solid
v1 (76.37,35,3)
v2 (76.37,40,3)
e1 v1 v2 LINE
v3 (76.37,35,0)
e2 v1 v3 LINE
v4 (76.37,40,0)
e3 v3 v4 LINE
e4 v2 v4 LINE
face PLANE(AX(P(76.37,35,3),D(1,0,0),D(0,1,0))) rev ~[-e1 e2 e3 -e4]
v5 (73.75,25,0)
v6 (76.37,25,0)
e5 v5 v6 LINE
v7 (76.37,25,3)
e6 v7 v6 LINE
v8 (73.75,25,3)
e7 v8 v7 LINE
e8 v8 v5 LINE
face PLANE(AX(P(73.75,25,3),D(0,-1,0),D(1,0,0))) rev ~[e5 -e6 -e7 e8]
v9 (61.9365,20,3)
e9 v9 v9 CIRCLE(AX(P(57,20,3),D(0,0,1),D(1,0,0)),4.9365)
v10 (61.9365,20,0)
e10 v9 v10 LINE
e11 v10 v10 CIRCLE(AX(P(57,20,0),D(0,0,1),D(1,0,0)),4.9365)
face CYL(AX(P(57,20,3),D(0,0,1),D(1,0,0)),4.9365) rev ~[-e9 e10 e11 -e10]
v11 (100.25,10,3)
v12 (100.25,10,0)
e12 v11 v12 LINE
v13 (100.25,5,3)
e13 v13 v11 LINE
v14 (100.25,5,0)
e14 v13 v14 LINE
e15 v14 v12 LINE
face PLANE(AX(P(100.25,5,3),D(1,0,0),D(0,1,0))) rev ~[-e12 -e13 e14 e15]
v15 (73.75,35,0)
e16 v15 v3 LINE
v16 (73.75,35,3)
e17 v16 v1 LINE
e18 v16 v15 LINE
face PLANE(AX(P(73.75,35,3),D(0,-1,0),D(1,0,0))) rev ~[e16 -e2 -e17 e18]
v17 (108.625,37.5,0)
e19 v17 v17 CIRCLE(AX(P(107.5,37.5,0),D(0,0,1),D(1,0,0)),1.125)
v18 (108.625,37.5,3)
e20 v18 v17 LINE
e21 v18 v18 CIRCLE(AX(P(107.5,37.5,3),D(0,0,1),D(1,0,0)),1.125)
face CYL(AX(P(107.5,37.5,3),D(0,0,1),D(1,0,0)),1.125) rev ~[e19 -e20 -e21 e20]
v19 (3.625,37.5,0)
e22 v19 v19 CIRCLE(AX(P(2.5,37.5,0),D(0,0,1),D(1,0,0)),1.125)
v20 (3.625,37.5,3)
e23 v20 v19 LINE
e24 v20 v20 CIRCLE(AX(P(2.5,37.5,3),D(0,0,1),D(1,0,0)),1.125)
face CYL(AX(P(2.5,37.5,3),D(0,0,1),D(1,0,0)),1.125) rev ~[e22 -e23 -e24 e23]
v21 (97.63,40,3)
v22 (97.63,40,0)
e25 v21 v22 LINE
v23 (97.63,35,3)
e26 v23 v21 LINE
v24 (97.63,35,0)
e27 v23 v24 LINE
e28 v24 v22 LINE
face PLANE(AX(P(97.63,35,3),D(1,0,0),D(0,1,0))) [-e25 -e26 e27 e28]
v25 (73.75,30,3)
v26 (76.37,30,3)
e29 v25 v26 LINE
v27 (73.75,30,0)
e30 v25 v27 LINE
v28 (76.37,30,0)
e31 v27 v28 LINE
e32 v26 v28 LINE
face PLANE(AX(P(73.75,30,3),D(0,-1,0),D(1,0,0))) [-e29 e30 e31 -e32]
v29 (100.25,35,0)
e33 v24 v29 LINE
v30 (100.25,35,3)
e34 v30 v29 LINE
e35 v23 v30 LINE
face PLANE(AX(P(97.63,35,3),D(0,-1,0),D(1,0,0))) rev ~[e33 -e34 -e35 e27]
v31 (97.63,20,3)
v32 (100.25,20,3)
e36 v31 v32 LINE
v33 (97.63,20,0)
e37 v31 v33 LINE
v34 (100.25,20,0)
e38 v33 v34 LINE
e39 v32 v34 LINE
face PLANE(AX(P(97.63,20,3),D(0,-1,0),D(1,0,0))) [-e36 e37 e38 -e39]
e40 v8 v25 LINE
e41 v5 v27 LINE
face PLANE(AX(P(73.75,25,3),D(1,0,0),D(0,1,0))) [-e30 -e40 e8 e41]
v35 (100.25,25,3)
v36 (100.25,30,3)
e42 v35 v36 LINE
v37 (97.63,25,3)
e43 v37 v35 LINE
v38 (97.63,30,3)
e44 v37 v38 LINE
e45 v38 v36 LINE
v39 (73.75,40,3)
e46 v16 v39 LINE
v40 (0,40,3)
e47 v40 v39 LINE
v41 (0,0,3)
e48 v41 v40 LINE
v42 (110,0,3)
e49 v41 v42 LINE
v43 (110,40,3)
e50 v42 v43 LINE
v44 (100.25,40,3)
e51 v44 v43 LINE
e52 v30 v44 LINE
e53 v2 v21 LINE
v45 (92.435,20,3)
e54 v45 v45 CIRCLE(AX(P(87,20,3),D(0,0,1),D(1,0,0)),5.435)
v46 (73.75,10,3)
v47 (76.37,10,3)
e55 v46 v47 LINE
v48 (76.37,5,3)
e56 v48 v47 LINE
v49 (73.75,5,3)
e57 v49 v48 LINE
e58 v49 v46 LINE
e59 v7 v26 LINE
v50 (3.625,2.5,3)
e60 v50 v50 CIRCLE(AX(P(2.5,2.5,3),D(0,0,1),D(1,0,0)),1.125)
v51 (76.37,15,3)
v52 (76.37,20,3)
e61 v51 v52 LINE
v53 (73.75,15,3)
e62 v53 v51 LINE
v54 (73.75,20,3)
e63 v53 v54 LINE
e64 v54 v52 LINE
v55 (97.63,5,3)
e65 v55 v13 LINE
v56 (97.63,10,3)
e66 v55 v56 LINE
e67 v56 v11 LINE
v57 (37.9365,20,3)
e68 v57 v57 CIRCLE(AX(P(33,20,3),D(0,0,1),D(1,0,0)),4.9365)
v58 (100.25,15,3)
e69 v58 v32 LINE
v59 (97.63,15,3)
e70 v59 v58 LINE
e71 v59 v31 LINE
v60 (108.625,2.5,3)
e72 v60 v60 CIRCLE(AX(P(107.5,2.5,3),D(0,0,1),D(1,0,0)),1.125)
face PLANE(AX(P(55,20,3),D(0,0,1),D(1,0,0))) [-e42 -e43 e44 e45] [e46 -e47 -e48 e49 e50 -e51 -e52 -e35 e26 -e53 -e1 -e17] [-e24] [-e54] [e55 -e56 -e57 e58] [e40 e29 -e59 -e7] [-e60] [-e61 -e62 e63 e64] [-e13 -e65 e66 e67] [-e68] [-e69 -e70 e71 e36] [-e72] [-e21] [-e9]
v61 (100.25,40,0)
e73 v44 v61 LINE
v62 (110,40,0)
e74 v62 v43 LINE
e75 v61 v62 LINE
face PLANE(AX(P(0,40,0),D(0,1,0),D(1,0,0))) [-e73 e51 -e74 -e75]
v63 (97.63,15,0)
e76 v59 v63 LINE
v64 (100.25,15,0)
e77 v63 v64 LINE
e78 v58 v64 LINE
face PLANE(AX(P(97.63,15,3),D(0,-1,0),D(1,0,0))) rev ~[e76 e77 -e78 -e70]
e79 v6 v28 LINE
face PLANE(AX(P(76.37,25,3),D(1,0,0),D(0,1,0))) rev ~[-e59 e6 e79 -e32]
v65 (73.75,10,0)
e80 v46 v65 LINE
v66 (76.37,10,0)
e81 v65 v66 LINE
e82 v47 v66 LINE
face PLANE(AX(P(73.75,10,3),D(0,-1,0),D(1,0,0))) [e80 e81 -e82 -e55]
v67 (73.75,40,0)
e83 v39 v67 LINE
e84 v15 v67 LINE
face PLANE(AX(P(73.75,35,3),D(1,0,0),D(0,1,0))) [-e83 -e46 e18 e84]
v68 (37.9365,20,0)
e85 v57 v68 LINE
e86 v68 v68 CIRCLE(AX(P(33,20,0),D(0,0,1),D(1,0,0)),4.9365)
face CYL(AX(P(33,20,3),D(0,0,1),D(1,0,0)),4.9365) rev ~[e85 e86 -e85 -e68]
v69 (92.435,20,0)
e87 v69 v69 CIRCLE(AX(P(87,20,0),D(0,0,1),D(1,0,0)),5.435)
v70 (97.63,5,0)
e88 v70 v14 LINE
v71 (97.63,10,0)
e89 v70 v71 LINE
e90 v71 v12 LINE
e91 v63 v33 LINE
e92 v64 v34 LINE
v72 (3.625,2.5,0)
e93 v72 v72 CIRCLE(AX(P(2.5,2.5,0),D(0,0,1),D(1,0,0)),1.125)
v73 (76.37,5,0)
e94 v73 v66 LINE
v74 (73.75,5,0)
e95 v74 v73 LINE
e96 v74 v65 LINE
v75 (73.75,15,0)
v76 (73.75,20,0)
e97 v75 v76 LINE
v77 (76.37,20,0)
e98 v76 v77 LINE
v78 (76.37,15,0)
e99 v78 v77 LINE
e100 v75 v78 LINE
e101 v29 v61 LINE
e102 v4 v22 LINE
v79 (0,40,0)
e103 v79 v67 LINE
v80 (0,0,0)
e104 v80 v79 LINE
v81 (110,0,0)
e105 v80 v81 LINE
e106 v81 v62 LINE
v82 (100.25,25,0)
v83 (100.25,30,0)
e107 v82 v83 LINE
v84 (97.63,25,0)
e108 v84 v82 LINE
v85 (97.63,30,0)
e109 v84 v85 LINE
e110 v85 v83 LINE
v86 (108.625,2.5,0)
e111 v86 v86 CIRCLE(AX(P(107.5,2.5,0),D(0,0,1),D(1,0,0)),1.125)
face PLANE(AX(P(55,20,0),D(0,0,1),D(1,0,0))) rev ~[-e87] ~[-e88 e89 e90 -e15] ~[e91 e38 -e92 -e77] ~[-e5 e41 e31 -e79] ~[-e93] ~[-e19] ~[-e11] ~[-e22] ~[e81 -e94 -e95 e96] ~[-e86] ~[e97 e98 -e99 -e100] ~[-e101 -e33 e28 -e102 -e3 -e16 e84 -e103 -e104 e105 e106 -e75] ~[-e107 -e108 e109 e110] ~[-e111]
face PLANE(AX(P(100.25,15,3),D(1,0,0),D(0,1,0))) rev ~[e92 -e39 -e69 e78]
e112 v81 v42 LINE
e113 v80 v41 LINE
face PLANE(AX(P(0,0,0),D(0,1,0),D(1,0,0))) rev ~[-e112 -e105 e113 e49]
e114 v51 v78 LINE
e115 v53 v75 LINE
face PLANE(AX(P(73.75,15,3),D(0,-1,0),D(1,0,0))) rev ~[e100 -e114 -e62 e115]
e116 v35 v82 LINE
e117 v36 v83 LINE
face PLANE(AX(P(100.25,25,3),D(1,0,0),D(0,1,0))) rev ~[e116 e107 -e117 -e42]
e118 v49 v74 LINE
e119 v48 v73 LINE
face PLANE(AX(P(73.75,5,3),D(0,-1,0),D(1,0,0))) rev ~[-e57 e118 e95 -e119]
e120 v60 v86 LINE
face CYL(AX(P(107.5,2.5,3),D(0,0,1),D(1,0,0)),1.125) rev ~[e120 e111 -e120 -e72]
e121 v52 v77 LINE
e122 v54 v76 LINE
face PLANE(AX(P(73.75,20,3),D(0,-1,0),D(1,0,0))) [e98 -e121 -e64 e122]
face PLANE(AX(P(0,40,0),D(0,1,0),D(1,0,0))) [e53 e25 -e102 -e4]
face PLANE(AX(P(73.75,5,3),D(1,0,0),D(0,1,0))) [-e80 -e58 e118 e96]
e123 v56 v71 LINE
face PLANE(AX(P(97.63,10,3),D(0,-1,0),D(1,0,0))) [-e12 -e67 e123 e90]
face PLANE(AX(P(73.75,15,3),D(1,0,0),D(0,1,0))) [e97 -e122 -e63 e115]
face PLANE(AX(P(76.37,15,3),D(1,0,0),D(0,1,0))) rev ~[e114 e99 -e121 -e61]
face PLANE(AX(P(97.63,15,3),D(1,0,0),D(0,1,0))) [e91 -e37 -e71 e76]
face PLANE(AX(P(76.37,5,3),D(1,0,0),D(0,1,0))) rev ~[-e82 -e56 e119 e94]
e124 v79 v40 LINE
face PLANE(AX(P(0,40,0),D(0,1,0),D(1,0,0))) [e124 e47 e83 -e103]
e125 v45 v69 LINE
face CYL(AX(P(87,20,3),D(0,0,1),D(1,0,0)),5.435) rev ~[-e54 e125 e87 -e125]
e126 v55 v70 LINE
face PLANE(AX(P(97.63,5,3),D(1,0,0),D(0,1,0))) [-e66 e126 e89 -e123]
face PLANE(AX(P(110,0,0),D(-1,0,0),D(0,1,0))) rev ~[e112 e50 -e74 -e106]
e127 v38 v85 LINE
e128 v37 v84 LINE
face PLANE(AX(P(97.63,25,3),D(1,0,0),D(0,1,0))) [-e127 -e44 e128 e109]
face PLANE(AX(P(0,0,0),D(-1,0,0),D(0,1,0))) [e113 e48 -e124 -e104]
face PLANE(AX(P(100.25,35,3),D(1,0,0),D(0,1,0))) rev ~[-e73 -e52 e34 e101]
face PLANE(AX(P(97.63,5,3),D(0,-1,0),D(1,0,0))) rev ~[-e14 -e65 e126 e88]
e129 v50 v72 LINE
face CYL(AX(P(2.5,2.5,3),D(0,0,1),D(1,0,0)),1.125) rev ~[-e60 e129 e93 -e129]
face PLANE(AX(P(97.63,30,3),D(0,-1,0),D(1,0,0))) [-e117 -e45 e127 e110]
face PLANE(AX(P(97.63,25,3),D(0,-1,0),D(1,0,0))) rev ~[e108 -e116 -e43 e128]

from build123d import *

# Parameters (mm, degrees)
SKETCH1_W           = 110
SKETCH1_H           = 40
BOSS_EXTRUDE1_DEPTH = 3
SKETCH2_W           = 2.62
SKETCH2_H           = 5
SKETCH2_R           = 4.9365
SKETCH2_R_2         = 1.125
SKETCH2_R_3         = 5.435
CUT_EXTRUDE1_DEPTH  = 4


with BuildPart() as part:
    # Sketch1 → Boss-Extrude1 (new body)
    with BuildSketch(Plane.XY):
        with Locations((55, 20)):
            Rectangle(SKETCH1_W, SKETCH1_H)
    extrude(amount=BOSS_EXTRUDE1_DEPTH)

    # Sketch2 → Cut-Extrude1 (cut, through all)
    with BuildSketch(Plane.XY.offset(3)):
        with Locations((98.94, 37.5)):
            Rectangle(SKETCH2_W, SKETCH2_H)
        with Locations((75.06, 37.5)):
            Rectangle(SKETCH2_W, SKETCH2_H)
        with Locations((75.06, 27.5)):
            Rectangle(SKETCH2_W, SKETCH2_H)
        with Locations((75.06, 17.5)):
            Rectangle(SKETCH2_W, SKETCH2_H)
        with Locations((75.06, 7.5)):
            Rectangle(SKETCH2_W, SKETCH2_H)
        with Locations((98.94, 27.5)):
            Rectangle(SKETCH2_W, SKETCH2_H)
        with Locations((98.94, 17.5)):
            Rectangle(SKETCH2_W, SKETCH2_H)
        with Locations((98.94, 7.5)):
            Rectangle(SKETCH2_W, SKETCH2_H)
        with Locations((33, 20)):
            Circle(SKETCH2_R)
        with Locations((57, 20)):
            Circle(SKETCH2_R)
        with Locations((2.5, 37.5)):
            Circle(SKETCH2_R_2)
        with Locations((107.5, 37.5)):
            Circle(SKETCH2_R_2)
        with Locations((107.5, 2.5)):
            Circle(SKETCH2_R_2)
        with Locations((2.5, 2.5)):
            Circle(SKETCH2_R_2)
        with Locations((87, 20)):
            Circle(SKETCH2_R_3)
    extrude(amount=-CUT_EXTRUDE1_DEPTH, mode=Mode.SUBTRACT)


solid = part.part
